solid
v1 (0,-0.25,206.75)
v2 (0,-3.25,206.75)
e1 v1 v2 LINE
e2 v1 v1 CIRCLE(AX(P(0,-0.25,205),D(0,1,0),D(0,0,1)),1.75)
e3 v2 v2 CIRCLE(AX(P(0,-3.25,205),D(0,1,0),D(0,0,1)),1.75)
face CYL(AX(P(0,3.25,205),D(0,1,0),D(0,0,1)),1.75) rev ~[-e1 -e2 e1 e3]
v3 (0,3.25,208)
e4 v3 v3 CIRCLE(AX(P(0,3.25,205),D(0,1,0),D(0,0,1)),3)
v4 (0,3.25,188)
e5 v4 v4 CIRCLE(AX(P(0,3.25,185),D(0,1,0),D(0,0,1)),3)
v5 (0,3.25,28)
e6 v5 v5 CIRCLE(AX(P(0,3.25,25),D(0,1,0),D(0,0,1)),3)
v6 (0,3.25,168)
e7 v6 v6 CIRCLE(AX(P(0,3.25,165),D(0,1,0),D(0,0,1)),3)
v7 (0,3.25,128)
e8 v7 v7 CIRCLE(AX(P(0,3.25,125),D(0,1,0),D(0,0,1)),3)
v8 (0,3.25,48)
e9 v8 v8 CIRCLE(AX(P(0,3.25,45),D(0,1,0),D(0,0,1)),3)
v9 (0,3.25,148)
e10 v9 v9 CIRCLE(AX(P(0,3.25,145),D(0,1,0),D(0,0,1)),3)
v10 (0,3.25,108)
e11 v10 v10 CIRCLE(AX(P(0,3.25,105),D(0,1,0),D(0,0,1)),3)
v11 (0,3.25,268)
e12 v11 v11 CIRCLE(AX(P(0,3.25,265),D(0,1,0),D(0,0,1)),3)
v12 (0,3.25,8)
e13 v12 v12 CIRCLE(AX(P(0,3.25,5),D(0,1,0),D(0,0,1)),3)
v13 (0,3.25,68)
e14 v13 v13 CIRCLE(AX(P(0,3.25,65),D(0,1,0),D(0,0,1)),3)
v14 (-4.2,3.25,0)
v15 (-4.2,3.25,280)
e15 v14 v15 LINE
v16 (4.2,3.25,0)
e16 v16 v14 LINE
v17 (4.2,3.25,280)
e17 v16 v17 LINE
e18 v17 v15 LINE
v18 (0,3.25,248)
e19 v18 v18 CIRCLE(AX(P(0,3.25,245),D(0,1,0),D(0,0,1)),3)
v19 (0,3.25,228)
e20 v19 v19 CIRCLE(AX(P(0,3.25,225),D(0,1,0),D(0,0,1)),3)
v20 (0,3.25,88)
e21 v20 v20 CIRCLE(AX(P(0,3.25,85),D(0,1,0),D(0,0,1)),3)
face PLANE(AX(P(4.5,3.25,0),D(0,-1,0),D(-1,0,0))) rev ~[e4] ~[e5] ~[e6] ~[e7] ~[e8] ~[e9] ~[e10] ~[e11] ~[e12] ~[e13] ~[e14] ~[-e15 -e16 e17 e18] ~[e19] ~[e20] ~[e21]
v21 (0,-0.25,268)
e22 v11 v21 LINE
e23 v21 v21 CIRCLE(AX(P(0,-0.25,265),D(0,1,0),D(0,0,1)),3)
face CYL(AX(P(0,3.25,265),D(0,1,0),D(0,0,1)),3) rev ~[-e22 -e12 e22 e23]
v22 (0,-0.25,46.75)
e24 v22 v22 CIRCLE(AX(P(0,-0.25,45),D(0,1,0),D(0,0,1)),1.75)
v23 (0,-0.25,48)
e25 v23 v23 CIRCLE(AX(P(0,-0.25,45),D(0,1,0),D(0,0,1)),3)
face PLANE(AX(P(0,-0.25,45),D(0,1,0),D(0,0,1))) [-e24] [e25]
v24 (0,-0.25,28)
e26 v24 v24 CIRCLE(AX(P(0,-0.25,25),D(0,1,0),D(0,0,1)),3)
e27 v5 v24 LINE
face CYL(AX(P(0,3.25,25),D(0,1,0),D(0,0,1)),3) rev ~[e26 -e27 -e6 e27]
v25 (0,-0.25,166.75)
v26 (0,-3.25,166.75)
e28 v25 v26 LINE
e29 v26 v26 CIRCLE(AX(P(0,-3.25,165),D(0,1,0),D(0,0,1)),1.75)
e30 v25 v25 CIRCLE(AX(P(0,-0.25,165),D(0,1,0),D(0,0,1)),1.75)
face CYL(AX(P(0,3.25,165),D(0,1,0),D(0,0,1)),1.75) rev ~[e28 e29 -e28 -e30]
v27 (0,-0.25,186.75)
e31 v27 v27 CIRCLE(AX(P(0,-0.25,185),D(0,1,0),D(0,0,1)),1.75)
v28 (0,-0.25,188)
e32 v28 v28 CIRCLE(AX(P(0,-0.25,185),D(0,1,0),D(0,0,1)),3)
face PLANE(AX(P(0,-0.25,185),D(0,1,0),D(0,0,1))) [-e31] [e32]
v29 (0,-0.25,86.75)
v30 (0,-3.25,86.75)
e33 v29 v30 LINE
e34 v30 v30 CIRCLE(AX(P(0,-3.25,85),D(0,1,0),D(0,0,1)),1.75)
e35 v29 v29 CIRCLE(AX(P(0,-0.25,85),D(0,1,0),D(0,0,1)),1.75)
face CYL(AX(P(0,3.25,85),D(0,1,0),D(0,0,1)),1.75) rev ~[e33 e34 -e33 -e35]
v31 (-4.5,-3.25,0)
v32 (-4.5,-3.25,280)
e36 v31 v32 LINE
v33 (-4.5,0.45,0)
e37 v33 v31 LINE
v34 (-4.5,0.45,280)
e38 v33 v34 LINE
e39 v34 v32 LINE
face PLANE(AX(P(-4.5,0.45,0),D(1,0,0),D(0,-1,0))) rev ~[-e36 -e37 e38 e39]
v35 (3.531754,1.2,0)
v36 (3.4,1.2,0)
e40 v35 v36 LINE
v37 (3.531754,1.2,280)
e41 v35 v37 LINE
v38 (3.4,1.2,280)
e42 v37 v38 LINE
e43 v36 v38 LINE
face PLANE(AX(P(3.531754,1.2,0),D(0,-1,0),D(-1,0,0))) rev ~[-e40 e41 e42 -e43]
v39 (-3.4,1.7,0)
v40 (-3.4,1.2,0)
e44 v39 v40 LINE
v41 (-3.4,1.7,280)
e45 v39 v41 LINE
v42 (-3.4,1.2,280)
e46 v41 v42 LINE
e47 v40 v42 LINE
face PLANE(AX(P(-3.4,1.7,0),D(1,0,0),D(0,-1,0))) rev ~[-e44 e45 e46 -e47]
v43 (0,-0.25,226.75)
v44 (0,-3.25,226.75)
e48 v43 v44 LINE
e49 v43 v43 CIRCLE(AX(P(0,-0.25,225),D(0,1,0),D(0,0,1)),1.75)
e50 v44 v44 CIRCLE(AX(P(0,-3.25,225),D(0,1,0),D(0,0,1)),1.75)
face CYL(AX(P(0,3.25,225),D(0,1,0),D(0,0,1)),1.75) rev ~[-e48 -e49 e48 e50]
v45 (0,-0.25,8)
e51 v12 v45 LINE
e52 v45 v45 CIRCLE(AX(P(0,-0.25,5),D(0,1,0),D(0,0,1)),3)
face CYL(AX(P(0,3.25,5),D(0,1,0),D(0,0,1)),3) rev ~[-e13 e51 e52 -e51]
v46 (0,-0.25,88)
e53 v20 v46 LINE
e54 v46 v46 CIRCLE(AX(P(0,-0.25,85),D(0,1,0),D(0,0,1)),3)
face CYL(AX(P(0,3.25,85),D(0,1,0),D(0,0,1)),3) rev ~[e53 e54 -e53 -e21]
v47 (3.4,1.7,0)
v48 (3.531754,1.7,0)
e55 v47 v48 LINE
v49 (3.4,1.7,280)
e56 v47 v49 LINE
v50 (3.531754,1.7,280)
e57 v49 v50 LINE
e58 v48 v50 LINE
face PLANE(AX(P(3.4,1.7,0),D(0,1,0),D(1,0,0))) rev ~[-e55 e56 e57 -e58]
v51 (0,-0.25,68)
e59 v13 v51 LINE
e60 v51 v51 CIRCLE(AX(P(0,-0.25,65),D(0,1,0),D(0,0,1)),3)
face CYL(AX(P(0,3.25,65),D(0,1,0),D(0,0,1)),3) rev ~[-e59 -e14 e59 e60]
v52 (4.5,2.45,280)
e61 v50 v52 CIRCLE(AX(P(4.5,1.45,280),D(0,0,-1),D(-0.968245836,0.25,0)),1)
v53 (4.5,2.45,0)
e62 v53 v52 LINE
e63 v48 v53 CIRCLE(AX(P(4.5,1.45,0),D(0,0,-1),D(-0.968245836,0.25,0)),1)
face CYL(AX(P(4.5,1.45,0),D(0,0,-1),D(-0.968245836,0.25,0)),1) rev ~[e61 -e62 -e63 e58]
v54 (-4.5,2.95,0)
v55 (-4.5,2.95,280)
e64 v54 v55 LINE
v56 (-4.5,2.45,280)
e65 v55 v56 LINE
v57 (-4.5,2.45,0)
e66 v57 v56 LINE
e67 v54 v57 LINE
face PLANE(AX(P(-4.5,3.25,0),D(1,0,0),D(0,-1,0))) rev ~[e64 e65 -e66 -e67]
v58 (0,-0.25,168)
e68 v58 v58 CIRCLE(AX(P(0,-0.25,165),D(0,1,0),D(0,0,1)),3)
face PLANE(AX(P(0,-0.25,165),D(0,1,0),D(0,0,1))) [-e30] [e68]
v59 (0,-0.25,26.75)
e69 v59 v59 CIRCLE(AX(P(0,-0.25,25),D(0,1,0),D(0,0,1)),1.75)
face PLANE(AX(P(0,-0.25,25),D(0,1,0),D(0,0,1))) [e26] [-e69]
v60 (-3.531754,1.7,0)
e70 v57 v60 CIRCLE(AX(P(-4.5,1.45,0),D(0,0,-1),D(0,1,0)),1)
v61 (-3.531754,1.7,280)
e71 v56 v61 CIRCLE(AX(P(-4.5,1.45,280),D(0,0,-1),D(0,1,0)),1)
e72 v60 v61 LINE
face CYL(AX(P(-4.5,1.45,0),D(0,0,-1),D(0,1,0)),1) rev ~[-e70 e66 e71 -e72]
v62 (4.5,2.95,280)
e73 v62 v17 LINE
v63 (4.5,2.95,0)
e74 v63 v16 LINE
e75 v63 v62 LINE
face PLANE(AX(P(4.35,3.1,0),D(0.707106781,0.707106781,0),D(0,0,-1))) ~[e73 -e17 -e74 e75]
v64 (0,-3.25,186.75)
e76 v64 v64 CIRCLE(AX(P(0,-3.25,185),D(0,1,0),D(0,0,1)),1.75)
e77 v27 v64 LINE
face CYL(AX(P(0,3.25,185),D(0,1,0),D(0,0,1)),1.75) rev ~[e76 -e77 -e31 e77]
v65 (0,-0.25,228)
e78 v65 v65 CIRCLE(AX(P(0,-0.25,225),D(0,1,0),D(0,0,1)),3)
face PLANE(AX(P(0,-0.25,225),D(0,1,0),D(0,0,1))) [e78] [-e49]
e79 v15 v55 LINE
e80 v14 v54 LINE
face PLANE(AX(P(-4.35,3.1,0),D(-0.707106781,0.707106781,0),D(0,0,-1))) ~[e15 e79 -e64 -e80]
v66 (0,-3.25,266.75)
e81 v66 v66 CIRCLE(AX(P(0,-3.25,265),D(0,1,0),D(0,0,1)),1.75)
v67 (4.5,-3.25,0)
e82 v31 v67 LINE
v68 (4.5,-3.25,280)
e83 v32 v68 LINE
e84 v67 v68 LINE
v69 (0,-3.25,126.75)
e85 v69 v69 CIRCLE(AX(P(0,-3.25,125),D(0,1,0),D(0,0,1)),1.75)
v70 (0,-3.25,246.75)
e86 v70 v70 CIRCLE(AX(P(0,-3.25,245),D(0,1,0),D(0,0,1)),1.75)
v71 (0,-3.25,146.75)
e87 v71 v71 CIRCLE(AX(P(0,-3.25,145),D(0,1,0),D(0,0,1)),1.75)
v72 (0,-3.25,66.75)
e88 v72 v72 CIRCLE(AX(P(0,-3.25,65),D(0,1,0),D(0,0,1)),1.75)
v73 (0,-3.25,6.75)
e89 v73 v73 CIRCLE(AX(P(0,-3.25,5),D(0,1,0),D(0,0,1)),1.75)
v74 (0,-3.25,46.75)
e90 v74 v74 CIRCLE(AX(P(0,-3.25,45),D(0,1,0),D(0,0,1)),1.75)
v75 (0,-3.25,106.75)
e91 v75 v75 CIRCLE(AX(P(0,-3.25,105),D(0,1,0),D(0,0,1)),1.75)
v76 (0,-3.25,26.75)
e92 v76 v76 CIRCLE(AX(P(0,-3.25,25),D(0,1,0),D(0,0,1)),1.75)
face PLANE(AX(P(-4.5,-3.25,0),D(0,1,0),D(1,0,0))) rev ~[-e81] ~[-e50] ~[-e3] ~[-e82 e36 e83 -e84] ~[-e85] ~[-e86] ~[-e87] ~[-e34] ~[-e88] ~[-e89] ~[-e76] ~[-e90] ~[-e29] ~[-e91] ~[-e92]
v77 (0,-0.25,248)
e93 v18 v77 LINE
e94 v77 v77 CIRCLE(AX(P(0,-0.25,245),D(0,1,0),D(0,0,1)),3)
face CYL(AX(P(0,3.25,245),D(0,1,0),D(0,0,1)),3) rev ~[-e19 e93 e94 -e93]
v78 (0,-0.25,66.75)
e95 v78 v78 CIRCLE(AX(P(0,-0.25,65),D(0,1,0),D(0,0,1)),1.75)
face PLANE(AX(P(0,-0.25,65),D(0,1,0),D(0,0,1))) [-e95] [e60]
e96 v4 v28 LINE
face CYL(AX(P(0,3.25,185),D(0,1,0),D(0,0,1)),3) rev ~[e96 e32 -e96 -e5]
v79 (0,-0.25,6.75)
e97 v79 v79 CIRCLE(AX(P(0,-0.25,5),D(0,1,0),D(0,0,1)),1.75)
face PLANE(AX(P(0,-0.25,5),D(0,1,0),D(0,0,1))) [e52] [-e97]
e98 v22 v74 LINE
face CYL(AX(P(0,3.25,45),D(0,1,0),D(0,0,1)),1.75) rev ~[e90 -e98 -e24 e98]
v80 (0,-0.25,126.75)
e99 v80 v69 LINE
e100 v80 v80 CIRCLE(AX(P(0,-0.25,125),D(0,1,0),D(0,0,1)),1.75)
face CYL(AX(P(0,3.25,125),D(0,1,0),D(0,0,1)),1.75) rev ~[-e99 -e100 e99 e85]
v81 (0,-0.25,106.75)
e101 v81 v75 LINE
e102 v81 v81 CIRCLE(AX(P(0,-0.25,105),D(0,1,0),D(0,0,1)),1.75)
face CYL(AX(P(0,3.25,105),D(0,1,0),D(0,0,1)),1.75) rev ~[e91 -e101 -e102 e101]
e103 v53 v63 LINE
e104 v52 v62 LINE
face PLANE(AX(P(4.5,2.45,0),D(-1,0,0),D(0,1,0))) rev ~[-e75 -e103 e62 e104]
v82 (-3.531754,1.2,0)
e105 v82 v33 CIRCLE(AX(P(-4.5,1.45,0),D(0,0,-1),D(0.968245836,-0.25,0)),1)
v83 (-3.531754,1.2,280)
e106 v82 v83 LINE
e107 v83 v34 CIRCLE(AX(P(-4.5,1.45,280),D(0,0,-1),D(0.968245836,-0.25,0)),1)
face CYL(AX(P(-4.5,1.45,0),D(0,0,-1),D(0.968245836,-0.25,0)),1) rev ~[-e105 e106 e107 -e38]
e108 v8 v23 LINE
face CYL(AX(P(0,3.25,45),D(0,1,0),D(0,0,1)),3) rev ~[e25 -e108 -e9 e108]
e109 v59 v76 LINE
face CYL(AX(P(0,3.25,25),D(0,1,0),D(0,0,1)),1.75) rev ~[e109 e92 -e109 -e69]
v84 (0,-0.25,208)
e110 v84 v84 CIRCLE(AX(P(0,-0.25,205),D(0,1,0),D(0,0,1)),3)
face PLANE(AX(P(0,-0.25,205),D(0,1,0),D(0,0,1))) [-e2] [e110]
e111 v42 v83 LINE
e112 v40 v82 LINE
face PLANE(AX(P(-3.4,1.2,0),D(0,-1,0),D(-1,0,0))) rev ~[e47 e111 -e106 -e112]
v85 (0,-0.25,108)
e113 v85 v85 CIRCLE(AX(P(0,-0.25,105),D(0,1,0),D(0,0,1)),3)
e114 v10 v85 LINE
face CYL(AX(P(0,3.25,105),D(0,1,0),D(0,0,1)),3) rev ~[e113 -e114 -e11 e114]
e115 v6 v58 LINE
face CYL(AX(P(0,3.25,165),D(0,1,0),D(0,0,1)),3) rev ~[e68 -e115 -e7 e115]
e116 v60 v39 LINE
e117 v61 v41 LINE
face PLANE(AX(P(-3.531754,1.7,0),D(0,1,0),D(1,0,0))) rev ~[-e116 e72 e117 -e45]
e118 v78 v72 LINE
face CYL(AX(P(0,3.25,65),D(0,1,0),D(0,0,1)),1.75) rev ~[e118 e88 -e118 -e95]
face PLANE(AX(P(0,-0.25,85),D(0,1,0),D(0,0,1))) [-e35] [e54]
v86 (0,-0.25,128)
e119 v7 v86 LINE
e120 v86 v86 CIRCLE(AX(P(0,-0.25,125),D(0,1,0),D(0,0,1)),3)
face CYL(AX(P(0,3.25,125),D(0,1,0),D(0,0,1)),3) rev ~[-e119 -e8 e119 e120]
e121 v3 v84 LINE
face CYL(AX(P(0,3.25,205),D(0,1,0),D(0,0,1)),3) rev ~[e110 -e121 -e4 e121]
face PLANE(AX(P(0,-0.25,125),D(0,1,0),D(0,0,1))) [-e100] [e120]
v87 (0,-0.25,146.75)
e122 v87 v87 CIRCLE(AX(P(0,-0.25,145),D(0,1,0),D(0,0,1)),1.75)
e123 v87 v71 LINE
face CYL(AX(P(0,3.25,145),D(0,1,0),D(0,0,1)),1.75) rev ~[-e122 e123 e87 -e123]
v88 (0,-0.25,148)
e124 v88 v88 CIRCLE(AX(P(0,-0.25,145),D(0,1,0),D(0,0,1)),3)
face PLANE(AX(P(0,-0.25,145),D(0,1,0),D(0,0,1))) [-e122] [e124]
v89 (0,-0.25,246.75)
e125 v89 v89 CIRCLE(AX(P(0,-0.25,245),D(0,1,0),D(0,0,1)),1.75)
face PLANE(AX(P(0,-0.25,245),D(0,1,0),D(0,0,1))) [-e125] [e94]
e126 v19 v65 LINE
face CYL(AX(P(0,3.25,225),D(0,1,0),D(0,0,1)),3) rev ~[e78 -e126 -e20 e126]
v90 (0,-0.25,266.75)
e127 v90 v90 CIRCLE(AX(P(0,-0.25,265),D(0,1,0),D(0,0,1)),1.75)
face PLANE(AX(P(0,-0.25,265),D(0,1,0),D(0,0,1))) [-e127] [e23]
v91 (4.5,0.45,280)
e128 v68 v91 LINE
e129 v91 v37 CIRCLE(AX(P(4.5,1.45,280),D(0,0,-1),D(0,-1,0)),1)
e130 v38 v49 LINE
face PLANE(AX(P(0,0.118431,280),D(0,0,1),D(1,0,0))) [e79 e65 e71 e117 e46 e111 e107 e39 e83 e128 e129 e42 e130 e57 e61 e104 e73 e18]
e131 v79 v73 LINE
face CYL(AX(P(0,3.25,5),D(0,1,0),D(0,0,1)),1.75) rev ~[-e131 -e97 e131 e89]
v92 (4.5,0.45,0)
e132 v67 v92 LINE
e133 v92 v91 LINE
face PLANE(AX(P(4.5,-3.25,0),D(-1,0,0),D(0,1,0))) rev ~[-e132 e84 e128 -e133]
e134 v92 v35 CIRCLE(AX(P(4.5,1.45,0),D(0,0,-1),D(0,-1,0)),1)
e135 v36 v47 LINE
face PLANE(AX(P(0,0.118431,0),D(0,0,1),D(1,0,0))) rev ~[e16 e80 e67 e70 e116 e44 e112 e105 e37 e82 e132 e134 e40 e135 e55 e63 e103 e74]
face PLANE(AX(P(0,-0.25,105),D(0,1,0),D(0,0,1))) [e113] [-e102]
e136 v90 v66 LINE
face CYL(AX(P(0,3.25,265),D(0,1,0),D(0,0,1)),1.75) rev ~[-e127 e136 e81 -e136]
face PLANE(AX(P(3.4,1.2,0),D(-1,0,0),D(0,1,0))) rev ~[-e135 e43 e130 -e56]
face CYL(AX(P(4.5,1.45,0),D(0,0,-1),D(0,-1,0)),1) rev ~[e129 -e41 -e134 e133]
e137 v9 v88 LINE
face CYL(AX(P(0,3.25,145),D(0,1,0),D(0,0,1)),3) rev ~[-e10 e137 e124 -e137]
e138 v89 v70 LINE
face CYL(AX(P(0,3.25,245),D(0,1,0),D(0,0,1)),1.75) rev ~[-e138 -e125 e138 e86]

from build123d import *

# Parameters (mm, degrees)
EXTRUDE1_DEPTH  = 280
SKETCH2_R       = 3
EXTRUDE2_DEPTH  = 3.5
SKETCH_R        = 1.75
EXTRUDE3_DEPTH  = 281.111584909
LPATTERN1_COUNT = 40
LPATTERN1_PITCH = 20
CHAMFER1_SIZE   = 0.3


with BuildPart() as part:
    # Sketch1 → Extrude1 (new body)
    with BuildSketch(Plane.XY):
        with BuildLine():
            Line((-4.5, -3.25), (4.5, -3.25))
            Line((4.5, -3.25), (4.5, 0.45))
            ThreePointArc((4.5, 0.45), (3.887627564, 0.659430585), (3.531754163, 1.2))
            Line((3.531754163, 1.2), (3.4, 1.2))
            Line((3.4, 1.2), (3.4, 1.7))
            Line((3.4, 1.7), (3.531754163, 1.7))
            ThreePointArc((3.531754163, 1.7), (3.887627564, 2.240569415), (4.5, 2.45))
            Line((4.5, 2.45), (4.5, 3.25))
            Line((4.5, 3.25), (-4.5, 3.25))
            Line((-4.5, 3.25), (-4.5, 2.45))
            ThreePointArc((-4.5, 2.45), (-3.887627564, 2.240569415), (-3.531754163, 1.7))
            Line((-3.531754163, 1.7), (-3.4, 1.7))
            Line((-3.4, 1.7), (-3.4, 1.2))
            Line((-3.4, 1.2), (-3.531754163, 1.2))
            ThreePointArc((-3.531754163, 1.2), (-3.887627564, 0.659430585), (-4.5, 0.45))
            Line((-4.5, 0.45), (-4.5, -3.25))
        make_face()
    extrude(amount=EXTRUDE1_DEPTH)

    # Sketch2 → Extrude2 (cut)
    with BuildSketch(Plane(origin=(0, 3.25, 0), x_dir=(1, 0, 0), z_dir=(0, 1, 0))):
        with Locations((0, -5)):
            Circle(SKETCH2_R)
    extrude2 = extrude(amount=-EXTRUDE2_DEPTH, mode=Mode.SUBTRACT)

    # Sketch → Extrude3 (cut, through all)
    with BuildSketch(Plane(origin=(0, 3.25, 0), x_dir=(1, 0, 0), z_dir=(0, 1, 0))):
        with Locations((0, -5)):
            Circle(SKETCH_R)
    extrude3 = extrude(amount=-EXTRUDE3_DEPTH, mode=Mode.SUBTRACT)

    # LPattern1: Extrude2, Extrude3 ×40
    with Locations(*[(0, 0, i * LPATTERN1_PITCH) for i in range(1, LPATTERN1_COUNT)]):
        add(extrude2, mode=Mode.SUBTRACT)
        add(extrude3, mode=Mode.SUBTRACT)

    # Chamfer1
    chamfer1_edges = [part.edges().sort_by_distance(p)[0] for p in [
        (4.5, 3.25, 140),
        (-4.5, 3.25, 140),
    ]]
    chamfer(chamfer1_edges, length=CHAMFER1_SIZE)


solid = part.part
